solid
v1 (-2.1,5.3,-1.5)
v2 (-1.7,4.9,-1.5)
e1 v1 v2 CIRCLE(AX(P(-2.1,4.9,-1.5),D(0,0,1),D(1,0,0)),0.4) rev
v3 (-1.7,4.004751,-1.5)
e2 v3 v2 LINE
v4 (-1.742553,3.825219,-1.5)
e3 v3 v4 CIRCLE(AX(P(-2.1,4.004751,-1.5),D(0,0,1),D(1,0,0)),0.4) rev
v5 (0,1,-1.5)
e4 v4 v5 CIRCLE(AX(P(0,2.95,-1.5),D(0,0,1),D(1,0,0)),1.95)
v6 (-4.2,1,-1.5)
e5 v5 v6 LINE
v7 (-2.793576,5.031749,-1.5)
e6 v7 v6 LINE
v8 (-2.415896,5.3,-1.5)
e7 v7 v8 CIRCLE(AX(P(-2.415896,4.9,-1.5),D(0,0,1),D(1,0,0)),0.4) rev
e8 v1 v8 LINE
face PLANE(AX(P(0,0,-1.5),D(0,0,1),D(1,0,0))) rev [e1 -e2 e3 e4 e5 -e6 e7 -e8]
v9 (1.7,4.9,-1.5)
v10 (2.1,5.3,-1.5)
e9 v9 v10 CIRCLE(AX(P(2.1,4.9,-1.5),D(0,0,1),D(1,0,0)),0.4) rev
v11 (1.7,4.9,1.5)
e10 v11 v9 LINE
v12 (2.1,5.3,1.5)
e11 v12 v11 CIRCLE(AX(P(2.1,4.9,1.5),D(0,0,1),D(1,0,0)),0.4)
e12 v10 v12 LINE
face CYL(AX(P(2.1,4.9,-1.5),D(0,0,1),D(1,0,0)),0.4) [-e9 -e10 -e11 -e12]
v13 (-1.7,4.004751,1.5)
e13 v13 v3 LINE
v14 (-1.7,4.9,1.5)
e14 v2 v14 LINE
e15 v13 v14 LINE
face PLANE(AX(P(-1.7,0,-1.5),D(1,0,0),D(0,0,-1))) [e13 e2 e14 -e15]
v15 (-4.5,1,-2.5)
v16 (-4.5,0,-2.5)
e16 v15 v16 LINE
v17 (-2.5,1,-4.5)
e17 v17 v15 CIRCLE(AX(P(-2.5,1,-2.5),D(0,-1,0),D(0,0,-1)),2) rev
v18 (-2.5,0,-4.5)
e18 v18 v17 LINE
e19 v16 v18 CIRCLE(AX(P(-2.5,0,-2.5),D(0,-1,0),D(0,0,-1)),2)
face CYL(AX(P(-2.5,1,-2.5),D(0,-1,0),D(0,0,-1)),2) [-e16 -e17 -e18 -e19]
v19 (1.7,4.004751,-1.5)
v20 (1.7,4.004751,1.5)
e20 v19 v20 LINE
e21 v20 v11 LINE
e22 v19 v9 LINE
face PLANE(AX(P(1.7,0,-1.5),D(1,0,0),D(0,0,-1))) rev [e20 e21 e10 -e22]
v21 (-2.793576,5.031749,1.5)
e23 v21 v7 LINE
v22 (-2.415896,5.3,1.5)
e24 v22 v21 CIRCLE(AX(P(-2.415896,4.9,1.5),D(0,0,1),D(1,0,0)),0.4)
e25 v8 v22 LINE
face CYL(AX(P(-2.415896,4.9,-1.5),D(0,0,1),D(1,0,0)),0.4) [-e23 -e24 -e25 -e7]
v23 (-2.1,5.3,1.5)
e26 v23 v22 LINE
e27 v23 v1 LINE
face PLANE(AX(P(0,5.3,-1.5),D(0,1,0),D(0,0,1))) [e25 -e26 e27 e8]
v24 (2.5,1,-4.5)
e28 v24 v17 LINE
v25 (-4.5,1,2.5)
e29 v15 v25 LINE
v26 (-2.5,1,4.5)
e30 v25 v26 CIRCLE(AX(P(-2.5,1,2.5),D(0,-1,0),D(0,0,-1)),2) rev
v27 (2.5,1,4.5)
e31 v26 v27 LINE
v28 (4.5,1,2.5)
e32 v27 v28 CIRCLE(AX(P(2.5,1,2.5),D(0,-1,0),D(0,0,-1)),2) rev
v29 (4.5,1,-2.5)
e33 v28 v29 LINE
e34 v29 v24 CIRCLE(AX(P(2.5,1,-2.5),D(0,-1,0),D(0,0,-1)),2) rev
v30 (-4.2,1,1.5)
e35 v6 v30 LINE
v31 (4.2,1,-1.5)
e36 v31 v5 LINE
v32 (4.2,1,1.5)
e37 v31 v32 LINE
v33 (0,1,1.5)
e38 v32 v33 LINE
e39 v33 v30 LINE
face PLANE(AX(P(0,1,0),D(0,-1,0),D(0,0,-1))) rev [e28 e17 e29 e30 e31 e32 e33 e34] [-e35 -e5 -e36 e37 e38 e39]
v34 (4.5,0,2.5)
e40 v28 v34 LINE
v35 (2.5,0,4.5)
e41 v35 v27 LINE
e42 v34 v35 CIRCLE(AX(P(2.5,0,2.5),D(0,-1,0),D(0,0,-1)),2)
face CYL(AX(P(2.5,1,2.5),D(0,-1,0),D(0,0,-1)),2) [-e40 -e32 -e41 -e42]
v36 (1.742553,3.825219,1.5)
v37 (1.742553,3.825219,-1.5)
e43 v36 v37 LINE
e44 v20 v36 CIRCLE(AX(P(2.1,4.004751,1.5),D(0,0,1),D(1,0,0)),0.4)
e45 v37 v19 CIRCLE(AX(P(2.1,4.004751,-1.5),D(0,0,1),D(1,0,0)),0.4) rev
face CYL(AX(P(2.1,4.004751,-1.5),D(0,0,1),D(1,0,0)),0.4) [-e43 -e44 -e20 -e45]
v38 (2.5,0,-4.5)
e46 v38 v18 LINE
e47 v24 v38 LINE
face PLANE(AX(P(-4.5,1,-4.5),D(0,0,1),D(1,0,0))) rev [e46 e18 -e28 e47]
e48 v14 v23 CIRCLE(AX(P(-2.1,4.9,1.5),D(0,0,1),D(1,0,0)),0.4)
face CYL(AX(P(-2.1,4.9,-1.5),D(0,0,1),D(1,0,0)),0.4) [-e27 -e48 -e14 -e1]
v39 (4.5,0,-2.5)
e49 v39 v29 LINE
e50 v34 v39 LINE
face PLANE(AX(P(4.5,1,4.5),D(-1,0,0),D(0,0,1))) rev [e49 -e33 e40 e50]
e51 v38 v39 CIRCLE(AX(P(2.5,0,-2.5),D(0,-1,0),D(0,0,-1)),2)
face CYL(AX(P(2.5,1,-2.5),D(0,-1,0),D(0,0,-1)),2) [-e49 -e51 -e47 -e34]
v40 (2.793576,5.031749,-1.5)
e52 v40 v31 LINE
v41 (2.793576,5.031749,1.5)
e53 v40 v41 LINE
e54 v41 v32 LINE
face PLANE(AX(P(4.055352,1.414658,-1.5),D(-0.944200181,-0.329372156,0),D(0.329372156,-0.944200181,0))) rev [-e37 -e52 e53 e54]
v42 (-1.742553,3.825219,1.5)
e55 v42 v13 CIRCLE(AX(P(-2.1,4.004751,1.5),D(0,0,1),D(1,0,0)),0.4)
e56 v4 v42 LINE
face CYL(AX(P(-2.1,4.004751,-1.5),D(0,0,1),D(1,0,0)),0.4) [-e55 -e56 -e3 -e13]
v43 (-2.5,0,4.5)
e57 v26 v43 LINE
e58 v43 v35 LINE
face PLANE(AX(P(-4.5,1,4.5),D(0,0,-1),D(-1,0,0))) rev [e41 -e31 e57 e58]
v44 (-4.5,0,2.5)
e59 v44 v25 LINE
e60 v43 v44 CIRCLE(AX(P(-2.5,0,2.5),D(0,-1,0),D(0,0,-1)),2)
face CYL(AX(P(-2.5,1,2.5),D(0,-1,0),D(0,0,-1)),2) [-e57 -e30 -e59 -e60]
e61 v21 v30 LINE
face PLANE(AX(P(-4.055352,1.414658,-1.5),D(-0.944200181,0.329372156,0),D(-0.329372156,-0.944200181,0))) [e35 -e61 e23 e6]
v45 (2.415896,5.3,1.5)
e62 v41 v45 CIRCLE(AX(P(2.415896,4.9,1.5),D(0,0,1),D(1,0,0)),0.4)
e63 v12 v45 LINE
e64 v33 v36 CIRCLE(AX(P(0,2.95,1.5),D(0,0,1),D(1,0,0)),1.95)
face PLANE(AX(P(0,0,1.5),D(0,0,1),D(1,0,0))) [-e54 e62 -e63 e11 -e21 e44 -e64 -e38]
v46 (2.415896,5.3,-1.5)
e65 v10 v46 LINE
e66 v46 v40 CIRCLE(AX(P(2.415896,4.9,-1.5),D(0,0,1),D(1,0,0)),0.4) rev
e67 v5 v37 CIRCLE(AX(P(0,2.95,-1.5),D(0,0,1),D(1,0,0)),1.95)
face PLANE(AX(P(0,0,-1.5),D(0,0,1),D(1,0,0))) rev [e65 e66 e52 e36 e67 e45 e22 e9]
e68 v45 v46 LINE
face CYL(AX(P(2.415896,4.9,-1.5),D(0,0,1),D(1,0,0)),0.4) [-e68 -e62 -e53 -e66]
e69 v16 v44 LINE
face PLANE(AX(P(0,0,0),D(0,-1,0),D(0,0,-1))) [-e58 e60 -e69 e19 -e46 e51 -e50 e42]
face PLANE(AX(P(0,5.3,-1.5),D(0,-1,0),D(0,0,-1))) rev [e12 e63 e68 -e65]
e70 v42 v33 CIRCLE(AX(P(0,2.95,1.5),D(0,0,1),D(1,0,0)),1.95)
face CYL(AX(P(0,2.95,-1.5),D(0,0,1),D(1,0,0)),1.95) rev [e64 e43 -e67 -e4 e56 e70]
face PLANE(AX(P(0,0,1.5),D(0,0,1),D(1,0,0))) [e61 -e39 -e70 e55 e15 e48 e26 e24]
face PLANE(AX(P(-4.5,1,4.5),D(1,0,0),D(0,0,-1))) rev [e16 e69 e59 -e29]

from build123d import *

# Parameters (mm, degrees)
SKETCH1_W           = 9
SKETCH1_H           = 9
BOSS_EXTRUDE1_DEPTH = 1
BOSS_EXTRUDE2_DEPTH = 3
FILLET1_R           = 0.4
FILLET2_R           = 2


with BuildPart() as part:
    # Sketch1 → Boss-Extrude1 (new body)
    with BuildSketch(Plane(origin=(0, 0, 0), x_dir=(1, 0, 0), z_dir=(0, 1, 0))):
        Rectangle(SKETCH1_W, SKETCH1_H)
    extrude(amount=BOSS_EXTRUDE1_DEPTH)

    # Sketch2 → Boss-Extrude2 (add)
    with BuildSketch(Plane.XY.offset(1.5)):
        with BuildLine():
            ThreePointArc((0, 1), (-1.683038158, 1.965173844), (-1.7, 3.905248659))
            Line((-1.7, 3.905248659), (-1.7, 5.3))
            Line((-1.7, 5.3), (-2.7, 5.3))
            Line((-2.7, 5.3), (-4.2, 1))
            Line((-4.2, 1), (0, 1))
        make_face()
        with BuildLine():
            Line((1.7, 5.3), (1.7, 3.905248659))
            ThreePointArc((1.7, 3.905248659), (1.886464948, 3.443710441), (1.95, 2.95))
            ThreePointArc((1.95, 2.95), (1.378858223, 1.571141777), (0, 1))
            Line((0, 1), (4.2, 1))
            Line((4.2, 1), (2.7, 5.3))
            Line((2.7, 5.3), (1.7, 5.3))
        make_face()
    extrude(amount=-BOSS_EXTRUDE2_DEPTH)

    # Fillet1
    fillet1_edges = [part.edges().sort_by_distance(p)[0] for p in [
        (-1.7, 3.905248659, 0),
        (-2.7, 5.3, 0),
        (-1.7, 5.3, 0),
        (1.7, 3.905248659, 0),
        (1.7, 5.3, 0),
        (2.7, 5.3, 0),
    ]]
    fillet(fillet1_edges, radius=FILLET1_R)

    # Fillet2
    fillet2_edges = [part.edges().sort_by_distance(p)[0] for p in [
        (4.5, 0.5, 4.5),
        (-4.5, 0.5, 4.5),
        (-4.5, 0.5, -4.5),
        (4.5, 0.5, -4.5),
    ]]
    fillet(fillet2_edges, radius=FILLET2_R)


solid = part.part
